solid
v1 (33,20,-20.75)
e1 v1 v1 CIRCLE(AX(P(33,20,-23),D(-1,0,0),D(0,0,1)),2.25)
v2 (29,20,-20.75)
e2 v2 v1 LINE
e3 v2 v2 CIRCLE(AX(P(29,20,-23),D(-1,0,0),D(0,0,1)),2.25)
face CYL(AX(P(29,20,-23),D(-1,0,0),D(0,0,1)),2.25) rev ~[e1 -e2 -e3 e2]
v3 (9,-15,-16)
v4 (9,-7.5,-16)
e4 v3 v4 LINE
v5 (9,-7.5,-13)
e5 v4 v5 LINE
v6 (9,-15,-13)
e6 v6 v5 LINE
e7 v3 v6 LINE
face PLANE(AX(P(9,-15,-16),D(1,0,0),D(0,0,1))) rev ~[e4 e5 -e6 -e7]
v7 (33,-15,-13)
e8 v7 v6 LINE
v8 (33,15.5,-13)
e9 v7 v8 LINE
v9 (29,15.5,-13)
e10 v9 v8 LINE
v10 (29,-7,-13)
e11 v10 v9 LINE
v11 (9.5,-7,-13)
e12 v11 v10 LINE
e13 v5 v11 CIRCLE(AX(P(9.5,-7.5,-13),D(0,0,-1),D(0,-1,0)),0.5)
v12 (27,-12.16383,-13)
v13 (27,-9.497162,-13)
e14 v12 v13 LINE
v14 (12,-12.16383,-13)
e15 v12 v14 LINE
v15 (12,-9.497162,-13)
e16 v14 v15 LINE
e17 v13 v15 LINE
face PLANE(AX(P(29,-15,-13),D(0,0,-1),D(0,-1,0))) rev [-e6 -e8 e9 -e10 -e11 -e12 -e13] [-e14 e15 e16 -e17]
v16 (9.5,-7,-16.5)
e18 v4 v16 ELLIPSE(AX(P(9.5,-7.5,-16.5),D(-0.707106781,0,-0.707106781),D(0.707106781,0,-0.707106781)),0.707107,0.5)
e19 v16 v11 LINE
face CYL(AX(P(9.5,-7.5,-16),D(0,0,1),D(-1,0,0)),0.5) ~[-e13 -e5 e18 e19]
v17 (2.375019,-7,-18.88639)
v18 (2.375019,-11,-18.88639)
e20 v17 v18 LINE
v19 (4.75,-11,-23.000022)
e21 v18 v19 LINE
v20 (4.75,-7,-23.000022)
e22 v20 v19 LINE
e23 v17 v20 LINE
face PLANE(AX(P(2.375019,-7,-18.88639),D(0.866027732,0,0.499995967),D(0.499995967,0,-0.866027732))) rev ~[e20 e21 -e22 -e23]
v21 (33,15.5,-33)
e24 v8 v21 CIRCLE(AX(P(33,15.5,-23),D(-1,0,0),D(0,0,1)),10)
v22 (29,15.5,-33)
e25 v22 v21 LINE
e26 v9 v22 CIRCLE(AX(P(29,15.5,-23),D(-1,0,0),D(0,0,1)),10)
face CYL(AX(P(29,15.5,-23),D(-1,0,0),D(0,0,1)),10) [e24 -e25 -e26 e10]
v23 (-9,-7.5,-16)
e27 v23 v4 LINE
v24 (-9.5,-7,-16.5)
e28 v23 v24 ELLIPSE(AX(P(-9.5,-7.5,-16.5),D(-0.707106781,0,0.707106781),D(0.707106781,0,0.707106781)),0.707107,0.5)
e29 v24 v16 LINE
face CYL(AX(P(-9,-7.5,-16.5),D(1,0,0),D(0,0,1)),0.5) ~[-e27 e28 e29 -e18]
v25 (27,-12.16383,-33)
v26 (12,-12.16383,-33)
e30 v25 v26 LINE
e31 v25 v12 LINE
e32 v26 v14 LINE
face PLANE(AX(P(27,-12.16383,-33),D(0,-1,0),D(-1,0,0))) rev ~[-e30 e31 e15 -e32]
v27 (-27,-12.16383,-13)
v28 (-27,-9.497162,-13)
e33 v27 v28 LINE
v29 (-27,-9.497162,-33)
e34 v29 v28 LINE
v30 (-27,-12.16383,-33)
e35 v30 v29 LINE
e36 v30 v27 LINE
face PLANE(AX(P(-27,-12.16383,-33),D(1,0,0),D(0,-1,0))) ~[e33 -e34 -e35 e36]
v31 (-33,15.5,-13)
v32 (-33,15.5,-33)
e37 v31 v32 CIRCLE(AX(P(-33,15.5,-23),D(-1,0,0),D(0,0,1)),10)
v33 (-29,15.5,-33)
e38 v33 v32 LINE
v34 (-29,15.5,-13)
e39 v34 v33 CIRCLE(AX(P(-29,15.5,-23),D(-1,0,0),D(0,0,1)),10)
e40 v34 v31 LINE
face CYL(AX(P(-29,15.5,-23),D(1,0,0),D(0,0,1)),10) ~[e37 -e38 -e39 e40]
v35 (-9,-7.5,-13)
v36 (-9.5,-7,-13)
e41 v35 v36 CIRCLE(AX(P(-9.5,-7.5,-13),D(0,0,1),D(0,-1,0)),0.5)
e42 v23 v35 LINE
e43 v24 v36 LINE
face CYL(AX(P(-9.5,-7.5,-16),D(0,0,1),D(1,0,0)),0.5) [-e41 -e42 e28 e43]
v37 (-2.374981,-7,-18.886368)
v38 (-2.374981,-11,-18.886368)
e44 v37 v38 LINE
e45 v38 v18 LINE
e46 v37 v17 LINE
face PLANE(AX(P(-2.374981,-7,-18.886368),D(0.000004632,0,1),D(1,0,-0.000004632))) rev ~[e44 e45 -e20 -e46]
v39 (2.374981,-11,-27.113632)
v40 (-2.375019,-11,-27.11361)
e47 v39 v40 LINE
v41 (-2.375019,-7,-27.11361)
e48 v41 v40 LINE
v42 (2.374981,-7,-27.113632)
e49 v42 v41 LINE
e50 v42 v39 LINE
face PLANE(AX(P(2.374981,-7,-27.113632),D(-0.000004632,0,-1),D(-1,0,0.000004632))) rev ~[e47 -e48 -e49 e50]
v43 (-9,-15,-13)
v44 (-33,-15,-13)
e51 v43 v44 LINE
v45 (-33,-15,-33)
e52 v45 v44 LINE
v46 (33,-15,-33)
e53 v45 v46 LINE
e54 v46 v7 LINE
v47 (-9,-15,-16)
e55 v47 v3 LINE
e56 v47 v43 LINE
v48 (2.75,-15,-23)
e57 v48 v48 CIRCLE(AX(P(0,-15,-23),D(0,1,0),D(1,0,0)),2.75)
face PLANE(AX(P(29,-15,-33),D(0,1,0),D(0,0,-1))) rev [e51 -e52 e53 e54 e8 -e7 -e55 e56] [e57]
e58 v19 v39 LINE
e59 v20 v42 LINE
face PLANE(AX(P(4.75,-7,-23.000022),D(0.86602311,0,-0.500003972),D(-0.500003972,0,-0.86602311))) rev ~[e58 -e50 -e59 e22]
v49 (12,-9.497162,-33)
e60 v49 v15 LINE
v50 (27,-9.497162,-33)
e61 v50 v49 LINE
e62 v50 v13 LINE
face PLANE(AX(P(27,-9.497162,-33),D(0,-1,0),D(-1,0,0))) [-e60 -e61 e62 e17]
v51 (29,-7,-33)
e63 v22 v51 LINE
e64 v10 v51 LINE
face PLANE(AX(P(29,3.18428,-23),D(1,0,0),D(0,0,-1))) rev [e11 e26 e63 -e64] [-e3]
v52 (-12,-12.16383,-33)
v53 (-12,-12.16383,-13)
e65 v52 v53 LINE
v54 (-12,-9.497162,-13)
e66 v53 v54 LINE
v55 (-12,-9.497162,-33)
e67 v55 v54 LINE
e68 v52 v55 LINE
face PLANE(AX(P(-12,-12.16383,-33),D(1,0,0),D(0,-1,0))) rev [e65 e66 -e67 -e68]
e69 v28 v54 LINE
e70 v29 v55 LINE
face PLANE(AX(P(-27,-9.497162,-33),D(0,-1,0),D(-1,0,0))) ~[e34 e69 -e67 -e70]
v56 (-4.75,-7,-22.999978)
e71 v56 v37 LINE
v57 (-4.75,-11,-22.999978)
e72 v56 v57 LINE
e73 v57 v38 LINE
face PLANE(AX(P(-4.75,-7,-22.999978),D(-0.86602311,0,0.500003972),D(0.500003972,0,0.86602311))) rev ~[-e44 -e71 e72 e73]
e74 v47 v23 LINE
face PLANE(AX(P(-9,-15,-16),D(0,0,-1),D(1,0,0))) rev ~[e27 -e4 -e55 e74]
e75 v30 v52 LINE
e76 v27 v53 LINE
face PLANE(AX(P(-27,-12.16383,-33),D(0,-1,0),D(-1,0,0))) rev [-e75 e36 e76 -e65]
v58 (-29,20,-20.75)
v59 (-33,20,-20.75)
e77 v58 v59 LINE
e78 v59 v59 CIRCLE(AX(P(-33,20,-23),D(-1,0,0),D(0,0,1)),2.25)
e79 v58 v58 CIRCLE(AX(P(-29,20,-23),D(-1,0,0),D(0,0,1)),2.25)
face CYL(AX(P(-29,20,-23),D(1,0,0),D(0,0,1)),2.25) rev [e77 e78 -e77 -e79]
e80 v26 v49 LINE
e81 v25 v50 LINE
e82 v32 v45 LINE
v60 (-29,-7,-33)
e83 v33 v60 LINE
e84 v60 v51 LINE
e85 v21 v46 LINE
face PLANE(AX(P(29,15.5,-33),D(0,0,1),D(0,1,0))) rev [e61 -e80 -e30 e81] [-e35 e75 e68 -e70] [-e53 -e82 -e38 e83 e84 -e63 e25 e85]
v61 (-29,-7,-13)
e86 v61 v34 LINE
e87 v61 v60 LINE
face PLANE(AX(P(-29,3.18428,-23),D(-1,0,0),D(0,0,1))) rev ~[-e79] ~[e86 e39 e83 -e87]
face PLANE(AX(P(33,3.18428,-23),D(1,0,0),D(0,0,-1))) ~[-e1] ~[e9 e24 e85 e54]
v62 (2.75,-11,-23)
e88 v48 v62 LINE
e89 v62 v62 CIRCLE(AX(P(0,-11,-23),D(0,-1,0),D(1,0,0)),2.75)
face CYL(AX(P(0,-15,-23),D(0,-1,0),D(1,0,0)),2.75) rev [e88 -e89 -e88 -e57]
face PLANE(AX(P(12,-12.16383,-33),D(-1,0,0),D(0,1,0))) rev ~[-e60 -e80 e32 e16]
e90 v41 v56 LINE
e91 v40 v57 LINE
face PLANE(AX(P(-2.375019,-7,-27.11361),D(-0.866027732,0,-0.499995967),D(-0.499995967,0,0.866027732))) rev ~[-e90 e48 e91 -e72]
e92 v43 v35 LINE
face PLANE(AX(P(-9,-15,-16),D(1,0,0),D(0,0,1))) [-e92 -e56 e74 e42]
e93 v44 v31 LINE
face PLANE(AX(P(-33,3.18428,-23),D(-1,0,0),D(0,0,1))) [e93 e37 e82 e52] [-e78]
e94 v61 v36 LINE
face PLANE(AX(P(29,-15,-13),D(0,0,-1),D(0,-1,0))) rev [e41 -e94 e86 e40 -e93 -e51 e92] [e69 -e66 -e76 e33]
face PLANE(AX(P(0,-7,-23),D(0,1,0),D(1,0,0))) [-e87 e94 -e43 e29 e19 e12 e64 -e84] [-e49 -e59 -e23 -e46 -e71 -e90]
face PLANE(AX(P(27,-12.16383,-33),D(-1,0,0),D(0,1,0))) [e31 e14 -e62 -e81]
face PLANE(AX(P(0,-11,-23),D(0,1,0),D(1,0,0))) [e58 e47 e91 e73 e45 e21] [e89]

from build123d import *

# Parameters (mm, degrees)
SKETCH005_W             = 58
SKETCH005_H             = 20
SKETCH005_R             = 2.75
PAD004_DEPTH            = 8
SKETCH006_R             = 2.25
PAD005_DEPTH            = 4
POCKET005_DEPTH         = 4
SKETCH011_W             = 15
SKETCH011_H             = 2.666667
POCKET007_DEPTH         = 20
SKETCH012_W             = 18
SKETCH012_H             = 3
POCKET008_DEPTH         = 8
FILLET_R                = 0.5
BODY002_PLACEMENT_ANGLE = 180


with BuildPart() as part:
    # Sketch005 → Pad004 (new body)
    with BuildSketch(Plane.XZ):
        Rectangle(SKETCH005_W, SKETCH005_H)
        Circle(SKETCH005_R, mode=Mode.SUBTRACT)
    extrude(amount=PAD004_DEPTH)

    # Sketch006 (on Face4 of Pad004) → Pad005 (join)
    with BuildSketch(Plane(origin=(-29, 0, 0), x_dir=(0, 0, -1), z_dir=(-1, 0, 0))):
        with BuildLine():
            Line((-10, 0), (10, 0))
            Line((10, 0), (10, 30.5))
            ThreePointArc((10, 30.5), (0, 40.5), (-10, 30.5))
            Line((-10, 30.5), (-10, 0))
        make_face()
        with Locations((0, 35)):
            Circle(SKETCH006_R, mode=Mode.SUBTRACT)
    pad005 = extrude(amount=PAD005_DEPTH)

    # Mirrored003: Pad005 across YZ
    add(pad005.mirror(Plane.YZ))

    # Sketch007 (on Face5 of Mirrored003) → Pocket005 (cut)
    with BuildSketch(Plane.XZ.offset(8)):
        Polygon((2.374981, 4.113632), (-2.375019, 4.11361), (-4.75, -2.2e-05), (-2.374981, -4.113632), (2.375019, -4.11361), (4.75, 2.2e-05), align=None)
    extrude(amount=-POCKET005_DEPTH, mode=Mode.SUBTRACT)

    # Sketch011 (on Face14 of Pocket005) → Pocket007 (cut)
    with BuildSketch(Plane(origin=(0, 0, 10), x_dir=(-1, 0, 0), z_dir=(0, 0, 1))):
        with Locations((-19.5, 4.169504)):
            Rectangle(SKETCH011_W, SKETCH011_H)
    pocket007 = extrude(amount=-POCKET007_DEPTH, mode=Mode.SUBTRACT)

    # Mirrored004: Pocket007 across YZ
    add(pocket007.mirror(Plane.YZ), mode=Mode.SUBTRACT)

    # Sketch012 (on Face3 of Mirrored004) → Pocket008 (cut)
    with BuildSketch(Plane(origin=(0, 0, 0), x_dir=(1, 0, 0), z_dir=(0, 1, 0))):
        with Locations((0, 8.5)):
            Rectangle(SKETCH012_W, SKETCH012_H)
    extrude(amount=-POCKET008_DEPTH, mode=Mode.SUBTRACT)

    # Fillet
    fillet_edges = [part.edges().sort_by_distance(p)[0] for p in [
        (0, -8, -7),
        (9, -8, -8.5),
        (-9, -8, -8.5),
    ]]
    fillet(fillet_edges, radius=FILLET_R)


with BuildPart() as part_1:
    # Body002 placement: moved
    add(part.part.moved(Location((0, -15, -23))).rotate(Axis((0, -15, -23), (1, 0, 0)), BODY002_PLACEMENT_ANGLE))


solid = part_1.part
